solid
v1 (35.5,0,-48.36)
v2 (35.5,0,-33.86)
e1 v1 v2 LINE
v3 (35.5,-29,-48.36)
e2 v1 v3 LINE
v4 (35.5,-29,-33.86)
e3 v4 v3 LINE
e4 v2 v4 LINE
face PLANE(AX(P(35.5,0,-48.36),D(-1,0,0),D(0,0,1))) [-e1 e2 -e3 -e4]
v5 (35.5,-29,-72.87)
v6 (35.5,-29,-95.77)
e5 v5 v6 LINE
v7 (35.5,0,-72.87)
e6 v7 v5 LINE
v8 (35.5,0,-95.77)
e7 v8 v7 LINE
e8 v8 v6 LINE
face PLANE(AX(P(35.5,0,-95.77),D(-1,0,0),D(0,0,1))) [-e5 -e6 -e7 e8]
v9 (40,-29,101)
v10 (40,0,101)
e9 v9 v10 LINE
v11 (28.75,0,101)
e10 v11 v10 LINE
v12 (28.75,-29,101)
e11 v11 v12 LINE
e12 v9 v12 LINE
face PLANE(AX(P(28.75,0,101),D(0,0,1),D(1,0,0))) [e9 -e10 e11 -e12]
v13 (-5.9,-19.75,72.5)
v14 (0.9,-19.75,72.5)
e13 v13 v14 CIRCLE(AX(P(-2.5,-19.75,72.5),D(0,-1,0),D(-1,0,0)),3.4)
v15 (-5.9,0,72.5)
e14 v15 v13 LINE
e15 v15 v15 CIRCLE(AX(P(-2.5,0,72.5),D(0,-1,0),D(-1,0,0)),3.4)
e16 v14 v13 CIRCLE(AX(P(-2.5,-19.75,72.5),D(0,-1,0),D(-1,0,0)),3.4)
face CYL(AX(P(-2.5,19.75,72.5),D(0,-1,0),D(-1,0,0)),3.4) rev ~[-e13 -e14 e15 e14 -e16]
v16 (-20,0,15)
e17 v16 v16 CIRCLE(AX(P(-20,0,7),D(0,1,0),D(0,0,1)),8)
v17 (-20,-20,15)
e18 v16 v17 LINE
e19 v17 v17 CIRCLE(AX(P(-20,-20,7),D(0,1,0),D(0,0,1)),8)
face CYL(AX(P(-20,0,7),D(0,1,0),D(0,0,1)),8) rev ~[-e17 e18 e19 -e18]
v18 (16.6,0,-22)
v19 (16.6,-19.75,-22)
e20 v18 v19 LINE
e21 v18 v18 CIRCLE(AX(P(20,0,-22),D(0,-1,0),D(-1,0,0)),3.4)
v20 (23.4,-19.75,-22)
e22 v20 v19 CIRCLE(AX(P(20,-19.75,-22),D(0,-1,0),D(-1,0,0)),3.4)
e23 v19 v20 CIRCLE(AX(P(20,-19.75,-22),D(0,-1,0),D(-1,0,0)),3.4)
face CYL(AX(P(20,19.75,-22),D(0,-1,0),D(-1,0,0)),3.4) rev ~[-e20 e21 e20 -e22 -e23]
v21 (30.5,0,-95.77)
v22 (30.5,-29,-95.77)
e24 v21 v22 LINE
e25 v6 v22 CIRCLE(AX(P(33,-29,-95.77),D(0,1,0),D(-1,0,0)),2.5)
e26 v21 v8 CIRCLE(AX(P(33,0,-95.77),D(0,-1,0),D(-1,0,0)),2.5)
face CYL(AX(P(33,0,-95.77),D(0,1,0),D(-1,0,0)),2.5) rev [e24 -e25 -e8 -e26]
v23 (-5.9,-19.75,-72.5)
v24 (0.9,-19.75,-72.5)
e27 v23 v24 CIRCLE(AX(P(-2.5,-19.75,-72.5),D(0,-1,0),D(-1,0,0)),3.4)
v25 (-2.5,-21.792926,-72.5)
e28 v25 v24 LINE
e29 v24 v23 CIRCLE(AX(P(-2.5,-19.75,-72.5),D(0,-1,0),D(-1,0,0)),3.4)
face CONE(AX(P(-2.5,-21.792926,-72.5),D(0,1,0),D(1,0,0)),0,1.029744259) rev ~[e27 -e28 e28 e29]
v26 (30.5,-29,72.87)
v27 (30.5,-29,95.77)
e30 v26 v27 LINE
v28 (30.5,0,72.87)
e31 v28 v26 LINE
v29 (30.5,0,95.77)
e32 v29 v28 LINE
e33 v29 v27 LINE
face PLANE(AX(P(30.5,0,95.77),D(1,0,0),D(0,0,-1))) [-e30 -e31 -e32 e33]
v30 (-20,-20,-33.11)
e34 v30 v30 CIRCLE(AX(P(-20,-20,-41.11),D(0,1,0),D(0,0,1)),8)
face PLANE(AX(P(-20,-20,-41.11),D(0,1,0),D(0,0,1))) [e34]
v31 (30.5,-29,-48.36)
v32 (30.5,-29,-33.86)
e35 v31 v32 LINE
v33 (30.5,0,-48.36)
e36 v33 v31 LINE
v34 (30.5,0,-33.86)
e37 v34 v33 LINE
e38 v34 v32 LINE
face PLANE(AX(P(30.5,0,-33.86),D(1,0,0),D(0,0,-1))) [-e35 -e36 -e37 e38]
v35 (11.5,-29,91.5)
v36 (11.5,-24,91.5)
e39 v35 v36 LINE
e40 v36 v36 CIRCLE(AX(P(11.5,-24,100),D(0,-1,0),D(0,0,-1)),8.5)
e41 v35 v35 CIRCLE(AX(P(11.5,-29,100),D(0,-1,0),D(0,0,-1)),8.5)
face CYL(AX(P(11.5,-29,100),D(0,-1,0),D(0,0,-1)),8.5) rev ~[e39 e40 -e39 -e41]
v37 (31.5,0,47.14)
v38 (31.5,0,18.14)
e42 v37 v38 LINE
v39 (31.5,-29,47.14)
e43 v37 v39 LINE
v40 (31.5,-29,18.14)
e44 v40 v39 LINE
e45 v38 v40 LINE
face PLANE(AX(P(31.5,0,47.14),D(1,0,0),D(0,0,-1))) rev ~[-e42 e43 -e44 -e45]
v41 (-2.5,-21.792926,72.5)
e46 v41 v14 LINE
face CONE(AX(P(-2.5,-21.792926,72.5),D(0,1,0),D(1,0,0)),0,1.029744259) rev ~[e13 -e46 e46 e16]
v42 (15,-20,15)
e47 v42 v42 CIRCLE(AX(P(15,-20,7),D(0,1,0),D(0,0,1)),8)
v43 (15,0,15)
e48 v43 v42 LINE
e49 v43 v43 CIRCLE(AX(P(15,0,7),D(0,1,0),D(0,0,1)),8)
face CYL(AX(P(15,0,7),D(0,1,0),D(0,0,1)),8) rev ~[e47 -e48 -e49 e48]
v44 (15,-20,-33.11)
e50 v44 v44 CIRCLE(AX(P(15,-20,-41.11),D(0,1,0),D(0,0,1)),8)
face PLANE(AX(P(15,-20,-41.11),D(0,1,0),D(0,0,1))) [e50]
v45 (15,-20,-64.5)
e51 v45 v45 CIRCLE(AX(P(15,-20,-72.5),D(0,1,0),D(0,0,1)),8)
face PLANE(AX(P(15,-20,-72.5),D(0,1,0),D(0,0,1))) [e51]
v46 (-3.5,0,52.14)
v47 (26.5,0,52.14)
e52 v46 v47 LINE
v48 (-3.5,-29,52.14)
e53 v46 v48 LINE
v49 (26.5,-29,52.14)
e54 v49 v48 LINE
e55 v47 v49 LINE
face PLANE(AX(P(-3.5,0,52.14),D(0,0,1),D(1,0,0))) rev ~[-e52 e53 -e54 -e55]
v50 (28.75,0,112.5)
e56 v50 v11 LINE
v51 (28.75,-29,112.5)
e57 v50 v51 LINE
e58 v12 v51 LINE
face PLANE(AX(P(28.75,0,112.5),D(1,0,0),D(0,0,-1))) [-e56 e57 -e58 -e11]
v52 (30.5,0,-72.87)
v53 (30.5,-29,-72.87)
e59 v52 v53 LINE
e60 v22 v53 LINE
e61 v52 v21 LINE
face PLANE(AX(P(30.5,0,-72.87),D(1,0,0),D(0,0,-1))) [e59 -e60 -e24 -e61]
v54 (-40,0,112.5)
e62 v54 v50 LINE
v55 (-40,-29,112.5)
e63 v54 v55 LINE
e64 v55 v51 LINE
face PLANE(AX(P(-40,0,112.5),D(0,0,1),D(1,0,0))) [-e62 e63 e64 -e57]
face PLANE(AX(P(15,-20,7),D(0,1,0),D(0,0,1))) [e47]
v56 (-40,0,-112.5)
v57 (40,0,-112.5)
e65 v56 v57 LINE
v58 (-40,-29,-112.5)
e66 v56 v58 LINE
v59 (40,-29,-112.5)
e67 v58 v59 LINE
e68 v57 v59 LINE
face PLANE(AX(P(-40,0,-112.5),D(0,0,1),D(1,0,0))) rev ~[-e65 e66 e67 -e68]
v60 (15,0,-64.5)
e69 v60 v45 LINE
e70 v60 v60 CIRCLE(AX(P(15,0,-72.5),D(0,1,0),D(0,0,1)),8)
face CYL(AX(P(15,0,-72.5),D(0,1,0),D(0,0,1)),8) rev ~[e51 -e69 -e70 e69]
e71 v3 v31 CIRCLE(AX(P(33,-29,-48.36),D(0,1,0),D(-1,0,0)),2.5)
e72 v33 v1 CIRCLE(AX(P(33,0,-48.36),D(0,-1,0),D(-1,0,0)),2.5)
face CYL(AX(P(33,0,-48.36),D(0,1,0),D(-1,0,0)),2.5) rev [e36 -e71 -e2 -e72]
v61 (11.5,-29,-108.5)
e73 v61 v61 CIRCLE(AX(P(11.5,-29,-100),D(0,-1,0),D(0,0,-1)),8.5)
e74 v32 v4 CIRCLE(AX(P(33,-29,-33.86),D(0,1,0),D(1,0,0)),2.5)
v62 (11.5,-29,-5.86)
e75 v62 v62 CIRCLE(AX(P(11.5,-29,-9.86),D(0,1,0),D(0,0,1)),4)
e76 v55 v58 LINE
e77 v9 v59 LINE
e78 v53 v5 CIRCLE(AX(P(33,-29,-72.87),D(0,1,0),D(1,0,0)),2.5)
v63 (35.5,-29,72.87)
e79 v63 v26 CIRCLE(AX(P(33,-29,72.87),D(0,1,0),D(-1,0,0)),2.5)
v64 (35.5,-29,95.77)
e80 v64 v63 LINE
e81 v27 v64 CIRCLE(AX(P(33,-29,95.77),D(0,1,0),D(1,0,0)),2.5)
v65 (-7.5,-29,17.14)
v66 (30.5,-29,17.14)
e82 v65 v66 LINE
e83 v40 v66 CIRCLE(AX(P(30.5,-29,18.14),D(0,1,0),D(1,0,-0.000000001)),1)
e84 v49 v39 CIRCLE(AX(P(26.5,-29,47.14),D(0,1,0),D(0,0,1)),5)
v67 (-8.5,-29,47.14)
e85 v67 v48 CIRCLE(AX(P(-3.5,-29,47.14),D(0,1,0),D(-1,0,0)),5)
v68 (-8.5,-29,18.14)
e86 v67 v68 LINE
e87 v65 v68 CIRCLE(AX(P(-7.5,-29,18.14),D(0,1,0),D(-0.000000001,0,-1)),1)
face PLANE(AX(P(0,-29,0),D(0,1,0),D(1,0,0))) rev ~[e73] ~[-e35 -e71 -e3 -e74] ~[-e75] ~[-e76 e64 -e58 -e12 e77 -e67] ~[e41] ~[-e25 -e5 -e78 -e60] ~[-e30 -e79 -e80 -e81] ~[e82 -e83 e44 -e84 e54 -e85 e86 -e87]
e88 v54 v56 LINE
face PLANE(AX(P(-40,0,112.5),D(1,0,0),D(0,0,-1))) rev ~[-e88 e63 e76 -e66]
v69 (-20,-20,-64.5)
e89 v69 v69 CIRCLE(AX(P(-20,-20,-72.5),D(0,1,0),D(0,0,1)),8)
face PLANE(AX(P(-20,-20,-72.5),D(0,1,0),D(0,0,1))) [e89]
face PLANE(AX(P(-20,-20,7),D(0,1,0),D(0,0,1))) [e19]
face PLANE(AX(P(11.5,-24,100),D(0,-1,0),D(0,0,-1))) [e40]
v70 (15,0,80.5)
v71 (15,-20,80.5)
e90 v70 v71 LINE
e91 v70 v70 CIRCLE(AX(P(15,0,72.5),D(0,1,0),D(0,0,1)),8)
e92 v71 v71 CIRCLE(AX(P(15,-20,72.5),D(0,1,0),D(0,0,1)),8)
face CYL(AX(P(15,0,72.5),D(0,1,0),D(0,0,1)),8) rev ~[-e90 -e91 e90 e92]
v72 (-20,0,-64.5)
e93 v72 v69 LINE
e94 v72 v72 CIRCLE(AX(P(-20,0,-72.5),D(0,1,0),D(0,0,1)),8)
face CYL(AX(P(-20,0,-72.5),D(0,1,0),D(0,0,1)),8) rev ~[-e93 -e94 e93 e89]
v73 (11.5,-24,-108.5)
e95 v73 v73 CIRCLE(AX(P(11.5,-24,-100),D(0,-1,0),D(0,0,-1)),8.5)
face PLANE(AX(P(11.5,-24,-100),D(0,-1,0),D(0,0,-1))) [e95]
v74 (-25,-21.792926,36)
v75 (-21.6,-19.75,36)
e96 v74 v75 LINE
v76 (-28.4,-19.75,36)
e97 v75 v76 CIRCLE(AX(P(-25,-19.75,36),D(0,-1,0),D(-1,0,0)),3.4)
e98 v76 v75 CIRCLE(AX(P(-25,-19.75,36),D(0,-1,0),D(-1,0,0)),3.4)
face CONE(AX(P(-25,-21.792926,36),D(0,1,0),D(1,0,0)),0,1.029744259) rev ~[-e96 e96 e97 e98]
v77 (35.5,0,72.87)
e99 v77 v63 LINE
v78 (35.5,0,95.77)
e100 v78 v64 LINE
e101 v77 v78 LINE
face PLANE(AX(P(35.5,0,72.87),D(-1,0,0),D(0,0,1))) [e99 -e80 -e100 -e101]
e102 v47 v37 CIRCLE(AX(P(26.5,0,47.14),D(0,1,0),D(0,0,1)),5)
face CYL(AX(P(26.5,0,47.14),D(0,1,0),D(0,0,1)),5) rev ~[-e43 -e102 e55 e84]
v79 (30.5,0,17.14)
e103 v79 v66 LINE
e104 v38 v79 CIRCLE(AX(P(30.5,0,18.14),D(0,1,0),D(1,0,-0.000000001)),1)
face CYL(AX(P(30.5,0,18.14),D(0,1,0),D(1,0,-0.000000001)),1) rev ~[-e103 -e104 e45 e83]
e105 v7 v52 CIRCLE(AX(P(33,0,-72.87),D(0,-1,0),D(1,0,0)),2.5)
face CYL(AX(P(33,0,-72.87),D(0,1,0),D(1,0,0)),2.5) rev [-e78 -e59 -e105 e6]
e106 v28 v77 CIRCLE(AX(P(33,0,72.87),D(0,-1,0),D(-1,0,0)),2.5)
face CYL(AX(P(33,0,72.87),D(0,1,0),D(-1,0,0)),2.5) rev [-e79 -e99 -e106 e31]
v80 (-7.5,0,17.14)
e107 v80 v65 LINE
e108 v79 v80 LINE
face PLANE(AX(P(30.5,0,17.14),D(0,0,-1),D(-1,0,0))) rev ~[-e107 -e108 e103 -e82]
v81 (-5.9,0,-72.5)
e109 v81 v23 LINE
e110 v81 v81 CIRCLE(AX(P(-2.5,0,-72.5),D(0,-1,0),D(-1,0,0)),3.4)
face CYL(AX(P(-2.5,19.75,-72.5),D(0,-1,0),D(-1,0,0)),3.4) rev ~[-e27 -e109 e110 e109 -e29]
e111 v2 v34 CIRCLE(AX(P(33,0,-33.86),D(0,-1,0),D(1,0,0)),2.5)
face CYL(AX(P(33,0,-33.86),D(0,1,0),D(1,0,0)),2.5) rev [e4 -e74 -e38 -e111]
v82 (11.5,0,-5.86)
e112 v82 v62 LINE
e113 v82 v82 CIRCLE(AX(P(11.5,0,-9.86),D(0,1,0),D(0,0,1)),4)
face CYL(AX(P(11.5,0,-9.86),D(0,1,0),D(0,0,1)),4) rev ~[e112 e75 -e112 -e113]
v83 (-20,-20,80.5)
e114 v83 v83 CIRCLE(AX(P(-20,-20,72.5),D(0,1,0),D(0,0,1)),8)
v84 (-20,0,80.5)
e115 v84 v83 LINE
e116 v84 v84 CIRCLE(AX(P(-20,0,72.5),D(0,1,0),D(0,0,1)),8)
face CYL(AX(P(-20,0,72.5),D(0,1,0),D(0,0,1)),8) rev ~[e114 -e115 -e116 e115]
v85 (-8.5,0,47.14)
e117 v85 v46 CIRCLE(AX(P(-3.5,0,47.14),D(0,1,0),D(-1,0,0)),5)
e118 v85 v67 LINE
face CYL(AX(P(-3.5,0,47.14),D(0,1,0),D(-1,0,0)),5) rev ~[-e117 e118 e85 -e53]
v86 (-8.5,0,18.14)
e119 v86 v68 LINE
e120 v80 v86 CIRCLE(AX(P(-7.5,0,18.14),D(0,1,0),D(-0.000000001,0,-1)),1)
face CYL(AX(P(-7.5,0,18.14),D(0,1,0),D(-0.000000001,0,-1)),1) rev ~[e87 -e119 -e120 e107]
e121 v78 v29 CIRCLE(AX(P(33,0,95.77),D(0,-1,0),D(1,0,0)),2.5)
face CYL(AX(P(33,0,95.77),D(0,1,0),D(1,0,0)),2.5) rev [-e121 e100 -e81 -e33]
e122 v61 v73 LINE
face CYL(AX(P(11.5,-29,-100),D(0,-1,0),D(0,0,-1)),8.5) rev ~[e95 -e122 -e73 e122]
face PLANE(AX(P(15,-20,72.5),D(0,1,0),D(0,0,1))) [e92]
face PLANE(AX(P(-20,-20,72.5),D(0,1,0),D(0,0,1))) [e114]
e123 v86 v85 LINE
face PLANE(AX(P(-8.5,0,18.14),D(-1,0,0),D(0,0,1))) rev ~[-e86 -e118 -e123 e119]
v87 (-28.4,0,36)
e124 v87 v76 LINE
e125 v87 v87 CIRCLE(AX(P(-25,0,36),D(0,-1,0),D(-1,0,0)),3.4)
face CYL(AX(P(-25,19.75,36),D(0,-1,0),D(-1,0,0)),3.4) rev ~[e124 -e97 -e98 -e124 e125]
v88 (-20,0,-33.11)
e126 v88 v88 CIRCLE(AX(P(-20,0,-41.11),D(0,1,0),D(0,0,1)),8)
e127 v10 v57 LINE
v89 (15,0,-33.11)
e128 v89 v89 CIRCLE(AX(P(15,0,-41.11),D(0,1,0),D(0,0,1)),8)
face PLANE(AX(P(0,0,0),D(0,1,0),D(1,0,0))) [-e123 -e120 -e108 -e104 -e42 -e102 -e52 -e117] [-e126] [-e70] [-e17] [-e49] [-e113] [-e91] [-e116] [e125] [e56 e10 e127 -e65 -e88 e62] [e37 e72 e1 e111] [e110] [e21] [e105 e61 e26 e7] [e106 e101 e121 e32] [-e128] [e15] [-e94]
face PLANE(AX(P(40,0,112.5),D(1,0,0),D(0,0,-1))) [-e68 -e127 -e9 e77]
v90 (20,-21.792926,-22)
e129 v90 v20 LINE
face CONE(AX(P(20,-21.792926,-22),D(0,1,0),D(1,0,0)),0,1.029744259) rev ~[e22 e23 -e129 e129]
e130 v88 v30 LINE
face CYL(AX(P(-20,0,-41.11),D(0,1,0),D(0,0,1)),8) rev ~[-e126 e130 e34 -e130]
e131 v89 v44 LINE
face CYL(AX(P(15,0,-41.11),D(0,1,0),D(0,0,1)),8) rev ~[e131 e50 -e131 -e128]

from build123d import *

# Parameters (mm, degrees)
SKETCH1_W             = 80
SKETCH1_H             = 225
BOSS_EXTRUDE1_DEPTH   = 29
CUT_EXTRUDE1_REACH    = 124.871
SKETCH3_R             = 8
CUT_EXTRUDE2_DEPTH    = 20
M8_TAPPED_HOLE1_D     = 6.8
M8_TAPPED_HOLE1_DEPTH = 19.75
M8_TAPPED_HOLE1_TIP   = 2.042926105
CUT_EXTRUDE3_REACH    = 124.871
SKETCH15_W            = 12
SKETCH15_H            = 11.5
SKETCH16_R            = 8.5
CUT_EXTRUDE4_DEPTH    = 5
CUT_EXTRUDE5_REACH    = 124.871
SKETCH17_R            = 4


with BuildPart() as part:
    # Sketch1 → Boss-Extrude1 (new body)
    with BuildSketch(Plane(origin=(0, 0, 0), x_dir=(1, 0, 0), z_dir=(0, 1, 0))):
        Rectangle(SKETCH1_W, SKETCH1_H)
    extrude(amount=-BOSS_EXTRUDE1_DEPTH)

    # Sketch2 → Cut-Extrude1 (cut, up to next)
    with BuildSketch(Plane(origin=(0, 0, 0), x_dir=(1, 0, 0), z_dir=(0, 1, 0)), mode=Mode.PRIVATE) as cut_extrude1_sk1:
        with BuildLine():
            Line((30.5, 72.87), (30.5, 95.77))
            ThreePointArc((30.5, 95.77), (33, 98.27), (35.5, 95.77))
            Line((35.5, 95.77), (35.5, 72.87))
            ThreePointArc((35.5, 72.87), (33, 70.37), (30.5, 72.87))
        make_face()
    cut_extrude1_tool1 = extrude(cut_extrude1_sk1.sketch, amount=-CUT_EXTRUDE1_REACH, mode=Mode.PRIVATE) & part.part
    # Sketch2 → Cut-Extrude1 (cut, up to next)
    with BuildSketch(Plane(origin=(0, 0, 0), x_dir=(1, 0, 0), z_dir=(0, 1, 0)), mode=Mode.PRIVATE) as cut_extrude1_sk2:
        with BuildLine():
            Line((30.5, 33.86), (30.5, 48.36))
            ThreePointArc((30.5, 48.36), (33, 50.86), (35.5, 48.36))
            Line((35.5, 48.36), (35.5, 33.86))
            ThreePointArc((35.5, 33.86), (33, 31.36), (30.5, 33.86))
        make_face()
    cut_extrude1_tool2 = extrude(cut_extrude1_sk2.sketch, amount=-CUT_EXTRUDE1_REACH, mode=Mode.PRIVATE) & part.part
    # Sketch2 → Cut-Extrude1 (cut, up to next)
    with BuildSketch(Plane(origin=(0, 0, 0), x_dir=(1, 0, 0), z_dir=(0, 1, 0)), mode=Mode.PRIVATE) as cut_extrude1_sk3:
        with BuildLine():
            Line((31.5, -47.14), (31.5, -18.14))
            ThreePointArc((31.5, -18.14), (31.207106781, -17.432893219), (30.5, -17.14))
            Line((30.5, -17.14), (-7.5, -17.14))
            ThreePointArc((-7.5, -17.14), (-8.207106781, -17.432893219), (-8.5, -18.14))
            Line((-8.5, -18.14), (-8.5, -47.14))
            ThreePointArc((-8.5, -47.14), (-7.035533906, -50.675533906), (-3.5, -52.14))
            Line((-3.5, -52.14), (26.5, -52.14))
            ThreePointArc((26.5, -52.14), (30.035533906, -50.675533906), (31.5, -47.14))
        make_face()
    cut_extrude1_tool3 = extrude(cut_extrude1_sk3.sketch, amount=-CUT_EXTRUDE1_REACH, mode=Mode.PRIVATE) & part.part
    # Sketch2 → Cut-Extrude1 (cut, up to next)
    with BuildSketch(Plane(origin=(0, 0, 0), x_dir=(1, 0, 0), z_dir=(0, 1, 0)), mode=Mode.PRIVATE) as cut_extrude1_sk4:
        with BuildLine():
            Line((30.5, -95.77), (30.5, -72.87))
            ThreePointArc((30.5, -72.87), (33, -70.37), (35.5, -72.87))
            Line((35.5, -72.87), (35.5, -95.77))
            ThreePointArc((35.5, -95.77), (33, -98.27), (30.5, -95.77))
        make_face()
    cut_extrude1_tool4 = extrude(cut_extrude1_sk4.sketch, amount=-CUT_EXTRUDE1_REACH, mode=Mode.PRIVATE) & part.part
    add(cut_extrude1_tool1.solids().sort_by_distance((33, 0, -84.32))[0], mode=Mode.SUBTRACT)
    add(cut_extrude1_tool2.solids().sort_by_distance((33, 0, -41.11))[0], mode=Mode.SUBTRACT)
    add(cut_extrude1_tool3.solids().sort_by_distance((11.5, 0, 34.518764))[0], mode=Mode.SUBTRACT)
    add(cut_extrude1_tool4.solids().sort_by_distance((33, 0, 84.32))[0], mode=Mode.SUBTRACT)

    # Sketch3 → Cut-Extrude2 (cut)
    with BuildSketch(Plane(origin=(0, 0, 0), x_dir=(1, 0, 0), z_dir=(0, 1, 0))):
        with Locations(Location((15, 72.5, 0), (0, 0, 270))):
            Circle(SKETCH3_R)
        with Locations(Location((15, 41.11, 0), (0, 0, 270))):
            Circle(SKETCH3_R)
        with Locations(Location((15, -7, 0), (0, 0, 270))):
            Circle(SKETCH3_R)
        with Locations(Location((15, -72.5, 0), (0, 0, 270))):
            Circle(SKETCH3_R)
        with Locations(Location((-20, -72.5, 0), (0, 0, 270))):
            Circle(SKETCH3_R)
        with Locations(Location((-20, -7, 0), (0, 0, 270))):
            Circle(SKETCH3_R)
        with Locations(Location((-20, 41.11, 0), (0, 0, 270))):
            Circle(SKETCH3_R)
        with Locations(Location((-20, 72.5, 0), (0, 0, 270))):
            Circle(SKETCH3_R)
    extrude(amount=-CUT_EXTRUDE2_DEPTH, mode=Mode.SUBTRACT)

    # M8 Tapped Hole1
    with Locations(Plane(origin=(0, 0, 0), x_dir=(1, 0, 0), z_dir=(0, 1, 0))):
        with Locations((-25, -36), (20, 22), (-2.5, 72.5), (-2.5, -72.5)):
            Hole(M8_TAPPED_HOLE1_D / 2, depth=M8_TAPPED_HOLE1_DEPTH)
            with Locations((0, 0, -(M8_TAPPED_HOLE1_DEPTH + M8_TAPPED_HOLE1_TIP / 2))):  # 118° drill point
                Cone(0, M8_TAPPED_HOLE1_D / 2, M8_TAPPED_HOLE1_TIP, mode=Mode.SUBTRACT)

    # Sketch15 → Cut-Extrude3 (cut, up to next)
    with BuildSketch(Plane(origin=(0, 0, 0), x_dir=(1, 0, 0), z_dir=(0, 1, 0)), mode=Mode.PRIVATE) as cut_extrude3_sk1:
        with Locations((34.75, -106.75)):
            Rectangle(SKETCH15_W, SKETCH15_H)
    cut_extrude3_tool1 = extrude(cut_extrude3_sk1.sketch, amount=-CUT_EXTRUDE3_REACH, mode=Mode.PRIVATE) & part.part
    add(cut_extrude3_tool1.solids().sort_by_distance((34.75, 0, 106.75))[0], mode=Mode.SUBTRACT)

    # Sketch16 → Cut-Extrude4 (cut)
    with BuildSketch(Plane.XZ.offset(29)):
        with Locations(Location((11.5, 100, 0), (0, 0, 270))):
            Circle(SKETCH16_R)
        with Locations(Location((11.5, -100, 0), (0, 0, 270))):
            Circle(SKETCH16_R)
    extrude(amount=-CUT_EXTRUDE4_DEPTH, mode=Mode.SUBTRACT)

    # Sketch17 → Cut-Extrude5 (cut, up to next)
    with BuildSketch(Plane(origin=(0, 0, 0), x_dir=(1, 0, 0), z_dir=(0, 1, 0)), mode=Mode.PRIVATE) as cut_extrude5_sk1:
        with Locations(Location((11.5, 9.86, 0), (0, 0, 270))):
            Circle(SKETCH17_R)
    cut_extrude5_tool1 = extrude(cut_extrude5_sk1.sketch, amount=-CUT_EXTRUDE5_REACH, mode=Mode.PRIVATE) & part.part
    add(cut_extrude5_tool1.solids().sort_by_distance((11.5, 0, -9.86))[0], mode=Mode.SUBTRACT)


solid = part.part
